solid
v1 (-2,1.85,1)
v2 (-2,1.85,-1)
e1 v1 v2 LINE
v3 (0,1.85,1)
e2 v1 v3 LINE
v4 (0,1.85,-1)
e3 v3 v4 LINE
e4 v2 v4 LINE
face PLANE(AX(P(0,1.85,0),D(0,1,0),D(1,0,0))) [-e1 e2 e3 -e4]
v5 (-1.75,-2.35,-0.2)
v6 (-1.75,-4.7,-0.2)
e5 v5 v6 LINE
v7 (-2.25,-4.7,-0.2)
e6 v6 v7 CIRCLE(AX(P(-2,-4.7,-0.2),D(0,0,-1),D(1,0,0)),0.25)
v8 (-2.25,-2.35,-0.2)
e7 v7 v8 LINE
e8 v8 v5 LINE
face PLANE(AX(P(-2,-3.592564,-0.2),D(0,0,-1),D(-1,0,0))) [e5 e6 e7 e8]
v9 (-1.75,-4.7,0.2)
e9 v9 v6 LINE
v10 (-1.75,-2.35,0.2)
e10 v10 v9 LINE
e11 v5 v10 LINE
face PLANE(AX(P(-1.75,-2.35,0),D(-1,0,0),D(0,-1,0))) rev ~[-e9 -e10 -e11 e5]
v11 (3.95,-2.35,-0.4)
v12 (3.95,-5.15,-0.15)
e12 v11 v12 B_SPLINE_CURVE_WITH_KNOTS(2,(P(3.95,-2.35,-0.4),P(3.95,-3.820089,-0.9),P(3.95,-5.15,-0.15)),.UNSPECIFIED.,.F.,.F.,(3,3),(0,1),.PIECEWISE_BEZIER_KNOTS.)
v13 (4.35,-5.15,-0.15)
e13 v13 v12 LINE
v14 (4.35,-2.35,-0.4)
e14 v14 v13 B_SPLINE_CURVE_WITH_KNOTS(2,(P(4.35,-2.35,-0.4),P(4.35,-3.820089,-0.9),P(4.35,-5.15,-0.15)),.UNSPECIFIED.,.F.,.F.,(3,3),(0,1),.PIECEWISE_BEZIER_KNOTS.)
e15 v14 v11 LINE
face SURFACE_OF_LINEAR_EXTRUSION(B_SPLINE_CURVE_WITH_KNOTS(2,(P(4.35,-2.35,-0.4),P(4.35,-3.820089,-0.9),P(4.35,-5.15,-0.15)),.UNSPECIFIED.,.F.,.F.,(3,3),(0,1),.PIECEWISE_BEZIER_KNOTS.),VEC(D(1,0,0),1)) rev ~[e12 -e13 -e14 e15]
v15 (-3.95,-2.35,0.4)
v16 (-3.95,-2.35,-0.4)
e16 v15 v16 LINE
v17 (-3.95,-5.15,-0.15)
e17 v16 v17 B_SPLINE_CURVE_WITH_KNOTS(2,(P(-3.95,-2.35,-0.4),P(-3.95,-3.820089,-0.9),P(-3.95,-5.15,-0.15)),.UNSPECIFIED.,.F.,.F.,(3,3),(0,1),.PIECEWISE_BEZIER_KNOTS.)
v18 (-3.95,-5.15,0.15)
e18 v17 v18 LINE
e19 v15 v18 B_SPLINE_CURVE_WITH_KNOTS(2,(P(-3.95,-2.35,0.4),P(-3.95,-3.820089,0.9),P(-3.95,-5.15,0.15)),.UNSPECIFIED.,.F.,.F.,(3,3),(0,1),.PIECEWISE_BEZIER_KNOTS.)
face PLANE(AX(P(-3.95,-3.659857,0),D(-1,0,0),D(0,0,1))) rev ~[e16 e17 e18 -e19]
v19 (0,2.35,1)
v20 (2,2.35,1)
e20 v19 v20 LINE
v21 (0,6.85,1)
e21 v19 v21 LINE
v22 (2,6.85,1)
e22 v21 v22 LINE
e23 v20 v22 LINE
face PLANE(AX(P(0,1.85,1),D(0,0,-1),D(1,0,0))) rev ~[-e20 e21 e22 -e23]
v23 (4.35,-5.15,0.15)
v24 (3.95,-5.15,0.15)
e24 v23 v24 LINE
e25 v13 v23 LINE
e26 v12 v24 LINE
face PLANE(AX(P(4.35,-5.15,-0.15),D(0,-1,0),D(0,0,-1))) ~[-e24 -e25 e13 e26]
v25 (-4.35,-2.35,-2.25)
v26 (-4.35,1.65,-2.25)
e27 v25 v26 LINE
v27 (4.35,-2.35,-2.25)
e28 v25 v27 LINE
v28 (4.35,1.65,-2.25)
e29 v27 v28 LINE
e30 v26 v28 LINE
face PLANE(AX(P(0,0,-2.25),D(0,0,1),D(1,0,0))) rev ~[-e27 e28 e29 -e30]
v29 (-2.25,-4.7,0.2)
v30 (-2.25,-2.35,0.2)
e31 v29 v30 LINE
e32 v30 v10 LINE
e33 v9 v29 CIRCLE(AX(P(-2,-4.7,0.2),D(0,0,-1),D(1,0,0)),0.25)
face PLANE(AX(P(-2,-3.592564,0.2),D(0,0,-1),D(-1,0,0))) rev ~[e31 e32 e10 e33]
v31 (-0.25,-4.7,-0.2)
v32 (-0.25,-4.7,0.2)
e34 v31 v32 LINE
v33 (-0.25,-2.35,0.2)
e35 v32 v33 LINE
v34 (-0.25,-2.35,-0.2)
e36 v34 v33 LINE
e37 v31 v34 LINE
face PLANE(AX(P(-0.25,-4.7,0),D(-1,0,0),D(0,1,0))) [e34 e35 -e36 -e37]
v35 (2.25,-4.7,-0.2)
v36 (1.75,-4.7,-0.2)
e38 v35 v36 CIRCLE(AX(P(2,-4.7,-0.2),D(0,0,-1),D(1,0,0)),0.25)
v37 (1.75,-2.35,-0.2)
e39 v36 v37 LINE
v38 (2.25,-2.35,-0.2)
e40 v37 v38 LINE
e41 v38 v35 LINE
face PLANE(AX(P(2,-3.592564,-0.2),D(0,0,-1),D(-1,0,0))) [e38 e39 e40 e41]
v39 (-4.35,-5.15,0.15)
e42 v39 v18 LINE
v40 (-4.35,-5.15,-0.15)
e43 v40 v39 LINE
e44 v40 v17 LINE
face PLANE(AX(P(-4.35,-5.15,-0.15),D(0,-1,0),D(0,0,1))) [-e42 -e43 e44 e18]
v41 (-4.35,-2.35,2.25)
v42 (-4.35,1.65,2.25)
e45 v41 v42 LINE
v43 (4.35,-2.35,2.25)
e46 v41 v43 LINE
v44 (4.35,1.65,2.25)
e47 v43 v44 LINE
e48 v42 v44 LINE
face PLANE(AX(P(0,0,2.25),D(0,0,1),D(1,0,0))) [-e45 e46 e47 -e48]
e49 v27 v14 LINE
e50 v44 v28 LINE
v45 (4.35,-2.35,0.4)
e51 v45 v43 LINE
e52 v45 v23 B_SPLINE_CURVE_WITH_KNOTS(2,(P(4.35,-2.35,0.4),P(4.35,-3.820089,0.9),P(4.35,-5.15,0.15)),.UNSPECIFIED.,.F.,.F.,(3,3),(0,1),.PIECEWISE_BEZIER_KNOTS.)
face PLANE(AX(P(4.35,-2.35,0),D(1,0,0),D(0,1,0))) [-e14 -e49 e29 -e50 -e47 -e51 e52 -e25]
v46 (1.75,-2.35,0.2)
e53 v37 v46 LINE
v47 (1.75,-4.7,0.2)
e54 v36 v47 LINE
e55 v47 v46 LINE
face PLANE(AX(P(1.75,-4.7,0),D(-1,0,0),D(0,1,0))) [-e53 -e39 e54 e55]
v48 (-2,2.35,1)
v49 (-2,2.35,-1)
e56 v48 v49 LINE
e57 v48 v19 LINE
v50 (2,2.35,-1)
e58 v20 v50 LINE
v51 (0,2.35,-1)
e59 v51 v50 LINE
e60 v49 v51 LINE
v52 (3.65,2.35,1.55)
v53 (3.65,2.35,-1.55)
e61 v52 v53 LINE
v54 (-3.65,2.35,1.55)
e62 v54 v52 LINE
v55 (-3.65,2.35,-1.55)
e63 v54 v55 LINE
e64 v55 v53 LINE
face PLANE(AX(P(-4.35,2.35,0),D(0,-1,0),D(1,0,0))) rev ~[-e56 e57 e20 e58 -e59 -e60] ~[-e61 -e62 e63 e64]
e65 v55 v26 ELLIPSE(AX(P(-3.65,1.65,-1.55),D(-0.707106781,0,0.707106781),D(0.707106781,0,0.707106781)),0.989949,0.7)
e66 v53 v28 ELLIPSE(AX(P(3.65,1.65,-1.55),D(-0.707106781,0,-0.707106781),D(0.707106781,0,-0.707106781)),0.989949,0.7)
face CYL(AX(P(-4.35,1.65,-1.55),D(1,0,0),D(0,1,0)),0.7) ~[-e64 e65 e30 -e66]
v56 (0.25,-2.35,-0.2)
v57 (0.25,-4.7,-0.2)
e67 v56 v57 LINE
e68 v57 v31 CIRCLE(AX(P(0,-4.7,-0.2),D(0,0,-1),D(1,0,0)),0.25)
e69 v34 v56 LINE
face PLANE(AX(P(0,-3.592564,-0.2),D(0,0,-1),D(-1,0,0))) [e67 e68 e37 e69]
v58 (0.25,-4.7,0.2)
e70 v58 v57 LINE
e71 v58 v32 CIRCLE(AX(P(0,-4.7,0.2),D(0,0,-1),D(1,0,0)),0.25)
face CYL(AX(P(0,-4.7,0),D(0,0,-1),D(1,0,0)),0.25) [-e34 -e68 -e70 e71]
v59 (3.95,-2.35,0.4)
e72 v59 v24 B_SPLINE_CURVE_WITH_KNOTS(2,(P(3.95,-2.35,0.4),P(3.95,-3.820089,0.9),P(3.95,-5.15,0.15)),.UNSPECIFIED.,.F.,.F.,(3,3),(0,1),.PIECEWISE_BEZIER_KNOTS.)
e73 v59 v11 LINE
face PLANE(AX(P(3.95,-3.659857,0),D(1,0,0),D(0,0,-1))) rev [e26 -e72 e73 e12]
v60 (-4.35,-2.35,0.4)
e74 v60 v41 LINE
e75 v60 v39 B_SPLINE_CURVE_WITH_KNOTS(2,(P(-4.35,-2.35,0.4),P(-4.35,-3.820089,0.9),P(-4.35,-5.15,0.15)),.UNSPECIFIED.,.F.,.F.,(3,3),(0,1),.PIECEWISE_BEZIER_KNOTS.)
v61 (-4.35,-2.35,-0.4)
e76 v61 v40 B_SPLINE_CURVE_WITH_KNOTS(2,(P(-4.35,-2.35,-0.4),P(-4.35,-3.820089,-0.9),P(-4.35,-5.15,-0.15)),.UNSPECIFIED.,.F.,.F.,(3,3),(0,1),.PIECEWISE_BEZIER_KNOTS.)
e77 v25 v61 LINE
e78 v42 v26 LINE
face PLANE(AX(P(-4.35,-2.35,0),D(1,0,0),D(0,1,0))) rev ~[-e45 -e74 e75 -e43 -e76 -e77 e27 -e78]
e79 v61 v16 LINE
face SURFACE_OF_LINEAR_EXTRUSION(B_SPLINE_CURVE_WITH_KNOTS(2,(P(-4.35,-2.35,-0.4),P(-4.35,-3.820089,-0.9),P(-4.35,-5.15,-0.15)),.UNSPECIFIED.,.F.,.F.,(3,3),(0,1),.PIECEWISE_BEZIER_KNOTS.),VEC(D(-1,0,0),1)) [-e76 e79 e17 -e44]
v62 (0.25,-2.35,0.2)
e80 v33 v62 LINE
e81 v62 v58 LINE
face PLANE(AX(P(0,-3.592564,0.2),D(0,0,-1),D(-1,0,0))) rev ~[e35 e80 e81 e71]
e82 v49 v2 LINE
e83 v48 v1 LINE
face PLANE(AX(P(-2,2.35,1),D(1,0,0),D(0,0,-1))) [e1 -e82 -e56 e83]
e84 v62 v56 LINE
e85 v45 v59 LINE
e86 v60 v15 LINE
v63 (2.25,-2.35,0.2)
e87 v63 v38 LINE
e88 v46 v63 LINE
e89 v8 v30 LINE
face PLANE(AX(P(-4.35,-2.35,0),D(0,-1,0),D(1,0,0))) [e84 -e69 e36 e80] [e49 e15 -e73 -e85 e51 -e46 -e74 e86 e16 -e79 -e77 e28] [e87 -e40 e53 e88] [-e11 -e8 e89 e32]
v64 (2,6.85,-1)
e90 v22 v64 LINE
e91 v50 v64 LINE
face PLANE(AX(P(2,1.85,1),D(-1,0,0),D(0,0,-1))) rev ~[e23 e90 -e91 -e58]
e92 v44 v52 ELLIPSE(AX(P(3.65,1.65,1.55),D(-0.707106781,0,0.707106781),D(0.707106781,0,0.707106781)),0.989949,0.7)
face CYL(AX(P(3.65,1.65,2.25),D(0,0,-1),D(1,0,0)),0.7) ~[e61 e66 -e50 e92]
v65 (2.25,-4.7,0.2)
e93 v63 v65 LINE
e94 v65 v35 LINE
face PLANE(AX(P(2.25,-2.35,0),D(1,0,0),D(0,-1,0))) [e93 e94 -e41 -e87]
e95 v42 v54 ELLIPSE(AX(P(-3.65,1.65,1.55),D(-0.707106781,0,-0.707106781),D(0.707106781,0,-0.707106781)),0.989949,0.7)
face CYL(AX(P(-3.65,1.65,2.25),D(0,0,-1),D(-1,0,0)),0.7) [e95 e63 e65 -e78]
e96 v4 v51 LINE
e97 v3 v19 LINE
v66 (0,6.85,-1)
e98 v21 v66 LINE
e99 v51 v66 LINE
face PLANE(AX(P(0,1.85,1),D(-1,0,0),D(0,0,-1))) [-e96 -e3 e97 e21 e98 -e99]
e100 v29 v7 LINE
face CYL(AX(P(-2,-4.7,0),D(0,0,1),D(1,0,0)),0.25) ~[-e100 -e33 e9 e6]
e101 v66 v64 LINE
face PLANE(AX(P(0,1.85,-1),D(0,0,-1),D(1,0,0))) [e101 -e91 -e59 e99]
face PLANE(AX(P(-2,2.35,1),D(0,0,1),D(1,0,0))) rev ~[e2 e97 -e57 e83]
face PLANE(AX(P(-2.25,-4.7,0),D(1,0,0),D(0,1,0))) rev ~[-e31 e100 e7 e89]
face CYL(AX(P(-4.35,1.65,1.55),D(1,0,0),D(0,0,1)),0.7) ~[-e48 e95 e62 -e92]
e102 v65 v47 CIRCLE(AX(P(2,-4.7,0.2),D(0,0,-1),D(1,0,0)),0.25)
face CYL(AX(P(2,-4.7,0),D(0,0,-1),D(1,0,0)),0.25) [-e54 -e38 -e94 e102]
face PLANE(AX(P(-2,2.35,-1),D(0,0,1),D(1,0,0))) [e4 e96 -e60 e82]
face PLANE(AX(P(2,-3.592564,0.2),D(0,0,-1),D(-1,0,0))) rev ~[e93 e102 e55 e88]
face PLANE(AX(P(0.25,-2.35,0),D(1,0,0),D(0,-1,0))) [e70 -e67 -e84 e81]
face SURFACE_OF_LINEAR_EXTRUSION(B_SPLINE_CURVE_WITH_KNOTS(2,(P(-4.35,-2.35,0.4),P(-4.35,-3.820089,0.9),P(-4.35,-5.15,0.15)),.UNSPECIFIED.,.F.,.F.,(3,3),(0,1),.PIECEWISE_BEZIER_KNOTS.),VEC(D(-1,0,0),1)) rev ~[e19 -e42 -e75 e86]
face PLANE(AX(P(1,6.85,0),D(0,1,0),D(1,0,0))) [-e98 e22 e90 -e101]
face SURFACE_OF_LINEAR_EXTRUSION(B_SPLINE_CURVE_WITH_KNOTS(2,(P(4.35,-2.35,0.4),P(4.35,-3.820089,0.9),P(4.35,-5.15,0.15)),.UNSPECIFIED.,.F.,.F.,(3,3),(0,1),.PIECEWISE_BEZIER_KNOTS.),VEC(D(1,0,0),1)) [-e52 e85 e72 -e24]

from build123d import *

# Parameters (mm, degrees)
SKETCH1_W           = 8.7
SKETCH1_H           = 4.7
BOSS_EXTRUDE1_DEPTH = 2.25
FILLET1_R           = 0.7
BOSS_EXTRUDE2_DEPTH = 0.4
BOSS_EXTRUDE3_DEPTH = 0.2
SKETCH6_W           = 4
SKETCH6_H           = 2
CUT_EXTRUDE1_DEPTH  = 0.5
SKETCH7_W           = 2
SKETCH7_H           = 2
BOSS_EXTRUDE4_DEPTH = 5


with BuildPart() as part:
    # Sketch1 → Boss-Extrude1 (new, symmetric)
    with BuildSketch(Plane.XY):
        Rectangle(SKETCH1_W, SKETCH1_H)
    extrude(amount=BOSS_EXTRUDE1_DEPTH, both=True)

    # Fillet1
    fillet1_edges = [part.edges().sort_by_distance(p)[0] for p in [
        (0, 2.35, -2.25),
        (0, 2.35, 2.25),
        (-4.35, 2.35, 0),
        (4.35, 2.35, 0),
    ]]
    fillet(fillet1_edges, radius=FILLET1_R)

    # Sketch3 → Boss-Extrude2 (add)
    with BuildSketch(Plane.ZY.offset(4.35)):
        with BuildLine():
            Line((-0.15, -5.15), (0.15, -5.15))
            add(Edge.make_bspline(
                [(0.4, -2.35), (0.9, -3.820089362), (0.15, -5.15)],
                knots=[0, 0, 0, 1, 1, 1], degree=2))
            Line((0.4, -2.35), (-0.4, -2.35))
            add(Edge.make_bspline(
                [(-0.4, -2.35), (-0.9, -3.820089362), (-0.15, -5.15)],
                knots=[0, 0, 0, 1, 1, 1], degree=2))
        make_face()
    boss_extrude2 = extrude(amount=-BOSS_EXTRUDE2_DEPTH)

    # Mirror1: Boss-Extrude2 across plane
    add(boss_extrude2.mirror(Plane(origin=(0, 0, 0), x_dir=(0, 0, 1), z_dir=(1, 0, 0))))

    # Sketch5 → Boss-Extrude3 (add, symmetric)
    with BuildSketch(Plane.XY):
        with BuildLine():
            Line((-0.25, -2.35), (0.25, -2.35))
            Line((0.25, -2.35), (0.25, -4.7))
            ThreePointArc((0.25, -4.7), (0, -4.95), (-0.25, -4.7))
            Line((-0.25, -4.7), (-0.25, -2.35))
        make_face()
        with BuildLine():
            Line((1.75, -2.35), (2.25, -2.35))
            Line((2.25, -2.35), (2.25, -4.7))
            ThreePointArc((2.25, -4.7), (2, -4.95), (1.75, -4.7))
            Line((1.75, -4.7), (1.75, -2.35))
        make_face()
        with BuildLine():
            Line((-1.75, -2.35), (-1.75, -4.7))
            ThreePointArc((-1.75, -4.7), (-2, -4.95), (-2.25, -4.7))
            Line((-2.25, -4.7), (-2.25, -2.35))
            Line((-2.25, -2.35), (-1.75, -2.35))
        make_face()
    extrude(amount=BOSS_EXTRUDE3_DEPTH, both=True)

    # Sketch6 → Cut-Extrude1 (cut)
    with BuildSketch(Plane(origin=(0, 2.35, 0), x_dir=(1, 0, 0), z_dir=(0, 1, 0))):
        Rectangle(SKETCH6_W, SKETCH6_H)
    extrude(amount=-CUT_EXTRUDE1_DEPTH, mode=Mode.SUBTRACT)

    # Sketch7 → Boss-Extrude4 (add)
    with BuildSketch(Plane(origin=(0, 1.85, 0), x_dir=(1, 0, 0), z_dir=(0, 1, 0))):
        with Locations((1, 0)):
            Rectangle(SKETCH7_W, SKETCH7_H)
    extrude(amount=BOSS_EXTRUDE4_DEPTH)


solid = part.part
